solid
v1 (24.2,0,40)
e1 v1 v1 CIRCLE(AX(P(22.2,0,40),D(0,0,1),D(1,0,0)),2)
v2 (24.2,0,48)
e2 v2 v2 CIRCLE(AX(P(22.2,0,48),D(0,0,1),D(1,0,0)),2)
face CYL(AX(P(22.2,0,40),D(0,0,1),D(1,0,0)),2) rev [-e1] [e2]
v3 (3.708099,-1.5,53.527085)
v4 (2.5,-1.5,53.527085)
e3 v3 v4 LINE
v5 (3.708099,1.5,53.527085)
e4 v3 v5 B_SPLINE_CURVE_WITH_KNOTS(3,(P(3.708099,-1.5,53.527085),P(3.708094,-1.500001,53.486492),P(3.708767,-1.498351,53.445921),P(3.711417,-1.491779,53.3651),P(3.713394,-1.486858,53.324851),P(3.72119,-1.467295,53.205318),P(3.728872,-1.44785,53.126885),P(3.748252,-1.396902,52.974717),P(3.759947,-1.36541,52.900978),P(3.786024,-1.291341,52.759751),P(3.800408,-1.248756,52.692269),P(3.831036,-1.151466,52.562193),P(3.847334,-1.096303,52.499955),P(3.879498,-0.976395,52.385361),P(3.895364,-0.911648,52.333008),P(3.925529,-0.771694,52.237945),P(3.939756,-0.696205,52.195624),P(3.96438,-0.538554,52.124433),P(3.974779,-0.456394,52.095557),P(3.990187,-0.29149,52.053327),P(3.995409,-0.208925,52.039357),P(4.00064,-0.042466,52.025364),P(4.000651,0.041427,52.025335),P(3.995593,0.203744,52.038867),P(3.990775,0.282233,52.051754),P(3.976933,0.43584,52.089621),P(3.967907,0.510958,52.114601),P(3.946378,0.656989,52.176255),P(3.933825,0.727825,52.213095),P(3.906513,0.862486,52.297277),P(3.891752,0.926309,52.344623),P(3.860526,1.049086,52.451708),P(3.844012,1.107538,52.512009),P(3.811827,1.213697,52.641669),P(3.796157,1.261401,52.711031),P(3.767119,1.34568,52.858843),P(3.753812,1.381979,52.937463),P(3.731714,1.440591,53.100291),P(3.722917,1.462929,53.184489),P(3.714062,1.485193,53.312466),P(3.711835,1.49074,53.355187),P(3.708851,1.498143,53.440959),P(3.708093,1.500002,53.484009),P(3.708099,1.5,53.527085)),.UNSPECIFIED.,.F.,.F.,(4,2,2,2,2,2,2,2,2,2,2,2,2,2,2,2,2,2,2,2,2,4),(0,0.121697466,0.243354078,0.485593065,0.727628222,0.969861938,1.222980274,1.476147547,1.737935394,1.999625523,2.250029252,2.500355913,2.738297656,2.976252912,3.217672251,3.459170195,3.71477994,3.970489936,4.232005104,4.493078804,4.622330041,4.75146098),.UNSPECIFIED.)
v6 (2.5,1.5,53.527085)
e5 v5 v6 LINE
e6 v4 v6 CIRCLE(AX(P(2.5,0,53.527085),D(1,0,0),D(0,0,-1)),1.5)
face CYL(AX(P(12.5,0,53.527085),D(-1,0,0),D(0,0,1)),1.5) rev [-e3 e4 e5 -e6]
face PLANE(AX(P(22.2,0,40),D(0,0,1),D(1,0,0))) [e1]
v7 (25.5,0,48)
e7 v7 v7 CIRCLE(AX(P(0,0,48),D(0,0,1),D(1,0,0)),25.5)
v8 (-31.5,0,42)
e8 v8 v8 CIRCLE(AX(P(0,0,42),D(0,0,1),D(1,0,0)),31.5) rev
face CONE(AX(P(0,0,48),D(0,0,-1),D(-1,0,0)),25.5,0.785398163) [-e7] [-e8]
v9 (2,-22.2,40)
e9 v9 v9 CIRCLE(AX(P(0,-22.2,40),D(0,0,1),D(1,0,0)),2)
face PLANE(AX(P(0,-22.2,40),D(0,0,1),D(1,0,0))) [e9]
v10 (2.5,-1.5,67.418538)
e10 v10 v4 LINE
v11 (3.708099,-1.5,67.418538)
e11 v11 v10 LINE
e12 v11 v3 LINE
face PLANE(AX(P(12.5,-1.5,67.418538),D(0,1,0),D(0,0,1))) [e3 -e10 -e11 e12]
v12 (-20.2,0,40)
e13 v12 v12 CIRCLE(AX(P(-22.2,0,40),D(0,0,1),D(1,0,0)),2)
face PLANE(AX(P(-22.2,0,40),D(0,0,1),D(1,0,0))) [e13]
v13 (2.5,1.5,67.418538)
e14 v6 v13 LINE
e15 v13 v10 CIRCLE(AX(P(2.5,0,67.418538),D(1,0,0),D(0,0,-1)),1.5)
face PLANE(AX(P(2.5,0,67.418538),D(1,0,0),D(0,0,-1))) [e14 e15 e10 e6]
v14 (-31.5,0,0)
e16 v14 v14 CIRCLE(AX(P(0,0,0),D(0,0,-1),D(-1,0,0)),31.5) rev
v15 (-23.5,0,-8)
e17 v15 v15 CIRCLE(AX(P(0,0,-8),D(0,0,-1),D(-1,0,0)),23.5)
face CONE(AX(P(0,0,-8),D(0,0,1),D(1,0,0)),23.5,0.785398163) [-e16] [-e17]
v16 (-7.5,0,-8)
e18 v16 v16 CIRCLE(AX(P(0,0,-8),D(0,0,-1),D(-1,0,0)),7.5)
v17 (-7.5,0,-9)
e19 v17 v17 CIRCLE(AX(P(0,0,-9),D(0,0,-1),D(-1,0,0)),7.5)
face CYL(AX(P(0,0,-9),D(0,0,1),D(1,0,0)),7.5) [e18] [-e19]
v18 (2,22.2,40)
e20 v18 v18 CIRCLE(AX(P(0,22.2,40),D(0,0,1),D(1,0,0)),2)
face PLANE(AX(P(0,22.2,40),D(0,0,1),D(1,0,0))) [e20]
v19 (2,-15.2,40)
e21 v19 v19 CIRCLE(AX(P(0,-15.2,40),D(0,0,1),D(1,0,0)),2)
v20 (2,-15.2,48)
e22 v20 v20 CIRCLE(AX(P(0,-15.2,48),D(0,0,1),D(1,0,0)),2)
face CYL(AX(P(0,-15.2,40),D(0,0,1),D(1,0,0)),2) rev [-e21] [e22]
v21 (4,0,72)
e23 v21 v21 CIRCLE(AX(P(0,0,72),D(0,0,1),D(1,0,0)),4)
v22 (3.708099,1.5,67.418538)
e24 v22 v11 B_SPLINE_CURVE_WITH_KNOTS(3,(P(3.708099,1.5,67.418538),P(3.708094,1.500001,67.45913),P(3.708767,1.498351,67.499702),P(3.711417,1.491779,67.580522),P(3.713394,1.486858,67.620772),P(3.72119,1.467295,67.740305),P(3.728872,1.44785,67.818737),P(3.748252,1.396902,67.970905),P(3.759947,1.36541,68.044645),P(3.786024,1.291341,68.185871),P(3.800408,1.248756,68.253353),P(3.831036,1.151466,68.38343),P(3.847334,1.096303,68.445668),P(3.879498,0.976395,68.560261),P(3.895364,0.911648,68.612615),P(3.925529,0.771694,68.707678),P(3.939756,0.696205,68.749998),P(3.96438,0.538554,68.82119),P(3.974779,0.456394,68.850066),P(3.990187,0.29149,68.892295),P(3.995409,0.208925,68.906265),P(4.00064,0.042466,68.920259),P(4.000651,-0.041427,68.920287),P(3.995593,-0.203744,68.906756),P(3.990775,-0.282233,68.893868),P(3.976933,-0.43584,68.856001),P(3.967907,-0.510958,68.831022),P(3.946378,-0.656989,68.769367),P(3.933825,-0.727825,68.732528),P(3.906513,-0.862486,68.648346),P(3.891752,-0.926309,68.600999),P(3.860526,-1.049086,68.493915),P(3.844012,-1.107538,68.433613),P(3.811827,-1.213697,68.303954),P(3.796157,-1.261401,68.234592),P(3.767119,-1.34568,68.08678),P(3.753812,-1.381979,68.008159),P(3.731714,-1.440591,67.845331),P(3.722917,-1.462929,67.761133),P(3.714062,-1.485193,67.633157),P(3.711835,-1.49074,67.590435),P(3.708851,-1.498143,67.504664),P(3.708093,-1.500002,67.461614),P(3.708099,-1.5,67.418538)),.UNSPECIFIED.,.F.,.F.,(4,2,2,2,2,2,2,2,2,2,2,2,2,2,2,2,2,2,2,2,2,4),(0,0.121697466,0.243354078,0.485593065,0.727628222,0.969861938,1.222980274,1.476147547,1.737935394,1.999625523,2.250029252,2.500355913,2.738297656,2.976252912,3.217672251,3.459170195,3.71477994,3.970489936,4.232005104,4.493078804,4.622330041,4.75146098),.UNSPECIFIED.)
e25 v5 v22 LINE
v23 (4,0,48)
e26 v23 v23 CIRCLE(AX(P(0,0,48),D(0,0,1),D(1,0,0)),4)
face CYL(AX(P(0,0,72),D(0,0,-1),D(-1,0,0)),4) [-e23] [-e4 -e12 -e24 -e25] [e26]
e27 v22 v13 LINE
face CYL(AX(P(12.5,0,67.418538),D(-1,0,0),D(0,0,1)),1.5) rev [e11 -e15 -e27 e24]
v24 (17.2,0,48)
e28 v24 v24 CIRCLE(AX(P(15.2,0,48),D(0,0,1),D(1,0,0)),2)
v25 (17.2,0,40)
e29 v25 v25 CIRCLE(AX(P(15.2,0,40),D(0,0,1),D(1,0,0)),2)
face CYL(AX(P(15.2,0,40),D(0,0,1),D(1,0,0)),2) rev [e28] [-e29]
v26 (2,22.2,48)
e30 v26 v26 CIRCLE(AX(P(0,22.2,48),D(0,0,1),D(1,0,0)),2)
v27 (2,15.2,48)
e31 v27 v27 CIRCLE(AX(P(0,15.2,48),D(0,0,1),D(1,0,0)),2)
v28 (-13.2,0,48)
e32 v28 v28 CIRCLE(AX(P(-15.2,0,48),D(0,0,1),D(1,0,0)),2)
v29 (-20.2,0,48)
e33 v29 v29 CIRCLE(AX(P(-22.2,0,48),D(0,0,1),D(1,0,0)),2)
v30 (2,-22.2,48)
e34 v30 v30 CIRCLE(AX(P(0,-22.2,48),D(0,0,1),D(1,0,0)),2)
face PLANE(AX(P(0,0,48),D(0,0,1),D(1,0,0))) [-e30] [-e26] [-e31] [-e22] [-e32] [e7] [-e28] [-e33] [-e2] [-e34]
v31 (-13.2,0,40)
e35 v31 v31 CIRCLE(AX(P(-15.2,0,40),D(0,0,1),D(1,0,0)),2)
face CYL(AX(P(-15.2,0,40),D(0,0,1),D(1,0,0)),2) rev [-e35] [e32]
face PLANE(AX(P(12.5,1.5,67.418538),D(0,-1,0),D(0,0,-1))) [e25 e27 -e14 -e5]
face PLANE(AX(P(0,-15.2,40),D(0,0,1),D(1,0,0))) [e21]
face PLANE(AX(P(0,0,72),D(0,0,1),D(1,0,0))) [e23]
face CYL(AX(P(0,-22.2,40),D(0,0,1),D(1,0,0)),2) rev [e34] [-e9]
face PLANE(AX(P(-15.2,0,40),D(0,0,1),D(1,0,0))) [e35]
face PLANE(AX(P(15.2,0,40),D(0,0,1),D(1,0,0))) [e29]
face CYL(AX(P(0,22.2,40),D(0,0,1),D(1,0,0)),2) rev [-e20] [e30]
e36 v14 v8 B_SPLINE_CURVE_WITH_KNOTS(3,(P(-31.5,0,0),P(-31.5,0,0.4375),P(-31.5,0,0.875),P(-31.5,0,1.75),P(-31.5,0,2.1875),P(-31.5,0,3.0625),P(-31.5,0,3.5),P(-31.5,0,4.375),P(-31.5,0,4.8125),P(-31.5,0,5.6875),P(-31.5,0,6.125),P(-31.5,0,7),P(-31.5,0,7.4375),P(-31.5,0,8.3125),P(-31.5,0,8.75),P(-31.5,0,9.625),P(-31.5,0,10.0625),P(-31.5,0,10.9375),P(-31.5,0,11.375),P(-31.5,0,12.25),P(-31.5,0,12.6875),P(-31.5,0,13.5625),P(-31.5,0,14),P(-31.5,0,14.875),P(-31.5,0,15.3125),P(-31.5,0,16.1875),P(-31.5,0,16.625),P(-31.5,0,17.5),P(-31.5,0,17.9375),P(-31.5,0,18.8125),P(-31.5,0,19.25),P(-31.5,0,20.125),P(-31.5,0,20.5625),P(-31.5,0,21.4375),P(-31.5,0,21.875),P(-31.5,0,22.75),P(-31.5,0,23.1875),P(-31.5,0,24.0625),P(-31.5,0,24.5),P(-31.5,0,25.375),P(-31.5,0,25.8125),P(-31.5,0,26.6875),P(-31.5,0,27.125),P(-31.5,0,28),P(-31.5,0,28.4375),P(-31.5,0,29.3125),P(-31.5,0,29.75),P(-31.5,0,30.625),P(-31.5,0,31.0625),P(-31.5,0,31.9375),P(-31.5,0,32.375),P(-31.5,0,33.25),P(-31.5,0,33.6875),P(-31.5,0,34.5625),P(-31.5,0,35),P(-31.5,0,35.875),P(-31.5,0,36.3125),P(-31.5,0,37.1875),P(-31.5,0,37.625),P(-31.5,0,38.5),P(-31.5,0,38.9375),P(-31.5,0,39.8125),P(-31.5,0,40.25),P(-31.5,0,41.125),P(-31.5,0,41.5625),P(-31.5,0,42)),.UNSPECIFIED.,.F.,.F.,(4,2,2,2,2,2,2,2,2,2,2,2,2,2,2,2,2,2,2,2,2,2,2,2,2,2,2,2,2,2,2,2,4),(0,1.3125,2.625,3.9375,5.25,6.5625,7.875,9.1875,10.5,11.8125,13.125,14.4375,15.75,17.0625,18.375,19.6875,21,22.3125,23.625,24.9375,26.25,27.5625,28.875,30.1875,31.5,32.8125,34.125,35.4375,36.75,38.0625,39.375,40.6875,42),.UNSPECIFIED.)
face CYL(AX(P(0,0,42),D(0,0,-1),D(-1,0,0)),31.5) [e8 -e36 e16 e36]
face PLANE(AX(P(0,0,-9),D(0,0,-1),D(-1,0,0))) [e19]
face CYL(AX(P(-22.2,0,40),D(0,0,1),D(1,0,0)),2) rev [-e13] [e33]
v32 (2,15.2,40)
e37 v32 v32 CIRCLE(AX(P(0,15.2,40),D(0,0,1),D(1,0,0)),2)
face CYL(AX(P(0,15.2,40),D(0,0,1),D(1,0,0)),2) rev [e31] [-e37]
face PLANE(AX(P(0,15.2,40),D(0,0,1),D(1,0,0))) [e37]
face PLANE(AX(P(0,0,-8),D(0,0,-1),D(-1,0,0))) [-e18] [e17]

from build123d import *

# Parameters (mm, degrees)
SKETCH1_R           = 31.5
BOSS_EXTRUDE1_DEPTH = 42
SKETCH2_R           = 31.5
BOSS_EXTRUDE2_DEPTH = 6
CHAMFER1_SIZE       = 6
SKETCH4_R           = 31.5
BOSS_EXTRUDE3_DEPTH = 8
CHAMFER2_SIZE       = 8
SKETCH6_R           = 7.5
BOSS_EXTRUDE4_DEPTH = 1
SKETCH7_R           = 4
BOSS_EXTRUDE5_DEPTH = 24
SKETCH10_R          = 2
CUT_EXTRUDE4_DEPTH  = 8
CUT_EXTRUDE5_DEPTH  = 10


with BuildPart() as part:
    # Sketch1 → Boss-Extrude1 (new body)
    with BuildSketch(Plane.XY):
        with Locations(Location((0, 0, 0), (0, 0, 180))):
            Circle(SKETCH1_R)
    extrude(amount=BOSS_EXTRUDE1_DEPTH)

    # Sketch2 → Boss-Extrude2 (add)
    with BuildSketch(Plane.XY.offset(42)):
        with Locations(Location((0, 0, 0), (0, 0, 180))):
            Circle(SKETCH2_R)
    extrude(amount=BOSS_EXTRUDE2_DEPTH)

    # Chamfer1
    chamfer1_edges = [part.edges().sort_by_distance(p)[0] for p in [
        (31.5, 0, 48),
    ]]
    chamfer(chamfer1_edges, length=CHAMFER1_SIZE)

    # Sketch4 → Boss-Extrude3 (add)
    with BuildSketch(Plane(origin=(0, 0, 0), x_dir=(-1, 0, 0), z_dir=(0, 0, -1))):
        Circle(SKETCH4_R)
    extrude(amount=BOSS_EXTRUDE3_DEPTH)

    # Chamfer2
    chamfer2_edges = [part.edges().sort_by_distance(p)[0] for p in [
        (31.5, 0, -8),
    ]]
    chamfer(chamfer2_edges, length=CHAMFER2_SIZE)

    # Sketch6 → Boss-Extrude4 (add)
    with BuildSketch(Plane(origin=(0, 0, -8), x_dir=(-1, 0, 0), z_dir=(0, 0, -1))):
        Circle(SKETCH6_R)
    extrude(amount=BOSS_EXTRUDE4_DEPTH)

    # Sketch7 → Boss-Extrude5 (add)
    with BuildSketch(Plane.XY.offset(48)):
        Circle(SKETCH7_R)
    extrude(amount=BOSS_EXTRUDE5_DEPTH)

    # Sketch10 → Cut-Extrude4 (cut)
    with BuildSketch(Plane.XY.offset(48)):
        with Locations((0, 15.2)):
            Circle(SKETCH10_R)
        with Locations((0, 22.2)):
            Circle(SKETCH10_R)
        with Locations((22.2, 0)):
            Circle(SKETCH10_R)
        with Locations((15.2, 0)):
            Circle(SKETCH10_R)
        with Locations((0, -22.2)):
            Circle(SKETCH10_R)
        with Locations((0, -15.2)):
            Circle(SKETCH10_R)
        with Locations((-22.2, 0)):
            Circle(SKETCH10_R)
        with Locations((-15.2, 0)):
            Circle(SKETCH10_R)
    extrude(amount=-CUT_EXTRUDE4_DEPTH, mode=Mode.SUBTRACT)

    # Sketch11 → Cut-Extrude5 (cut)
    with BuildSketch(Plane(origin=(2.5, 0, 0), x_dir=(0, 0, -1), z_dir=(1, 0, 0))):
        with BuildLine():
            Line((-67.418537693, 1.5), (-53.527084748, 1.5))
            ThreePointArc((-53.527084748, 1.5), (-52.027084748, 0), (-53.527084748, -1.5))
            Line((-53.527084748, -1.5), (-67.418537693, -1.5))
            ThreePointArc((-67.418537693, -1.5), (-68.918537693, 0), (-67.418537693, 1.5))
        make_face()
    extrude(amount=CUT_EXTRUDE5_DEPTH, mode=Mode.SUBTRACT)


solid = part.part
